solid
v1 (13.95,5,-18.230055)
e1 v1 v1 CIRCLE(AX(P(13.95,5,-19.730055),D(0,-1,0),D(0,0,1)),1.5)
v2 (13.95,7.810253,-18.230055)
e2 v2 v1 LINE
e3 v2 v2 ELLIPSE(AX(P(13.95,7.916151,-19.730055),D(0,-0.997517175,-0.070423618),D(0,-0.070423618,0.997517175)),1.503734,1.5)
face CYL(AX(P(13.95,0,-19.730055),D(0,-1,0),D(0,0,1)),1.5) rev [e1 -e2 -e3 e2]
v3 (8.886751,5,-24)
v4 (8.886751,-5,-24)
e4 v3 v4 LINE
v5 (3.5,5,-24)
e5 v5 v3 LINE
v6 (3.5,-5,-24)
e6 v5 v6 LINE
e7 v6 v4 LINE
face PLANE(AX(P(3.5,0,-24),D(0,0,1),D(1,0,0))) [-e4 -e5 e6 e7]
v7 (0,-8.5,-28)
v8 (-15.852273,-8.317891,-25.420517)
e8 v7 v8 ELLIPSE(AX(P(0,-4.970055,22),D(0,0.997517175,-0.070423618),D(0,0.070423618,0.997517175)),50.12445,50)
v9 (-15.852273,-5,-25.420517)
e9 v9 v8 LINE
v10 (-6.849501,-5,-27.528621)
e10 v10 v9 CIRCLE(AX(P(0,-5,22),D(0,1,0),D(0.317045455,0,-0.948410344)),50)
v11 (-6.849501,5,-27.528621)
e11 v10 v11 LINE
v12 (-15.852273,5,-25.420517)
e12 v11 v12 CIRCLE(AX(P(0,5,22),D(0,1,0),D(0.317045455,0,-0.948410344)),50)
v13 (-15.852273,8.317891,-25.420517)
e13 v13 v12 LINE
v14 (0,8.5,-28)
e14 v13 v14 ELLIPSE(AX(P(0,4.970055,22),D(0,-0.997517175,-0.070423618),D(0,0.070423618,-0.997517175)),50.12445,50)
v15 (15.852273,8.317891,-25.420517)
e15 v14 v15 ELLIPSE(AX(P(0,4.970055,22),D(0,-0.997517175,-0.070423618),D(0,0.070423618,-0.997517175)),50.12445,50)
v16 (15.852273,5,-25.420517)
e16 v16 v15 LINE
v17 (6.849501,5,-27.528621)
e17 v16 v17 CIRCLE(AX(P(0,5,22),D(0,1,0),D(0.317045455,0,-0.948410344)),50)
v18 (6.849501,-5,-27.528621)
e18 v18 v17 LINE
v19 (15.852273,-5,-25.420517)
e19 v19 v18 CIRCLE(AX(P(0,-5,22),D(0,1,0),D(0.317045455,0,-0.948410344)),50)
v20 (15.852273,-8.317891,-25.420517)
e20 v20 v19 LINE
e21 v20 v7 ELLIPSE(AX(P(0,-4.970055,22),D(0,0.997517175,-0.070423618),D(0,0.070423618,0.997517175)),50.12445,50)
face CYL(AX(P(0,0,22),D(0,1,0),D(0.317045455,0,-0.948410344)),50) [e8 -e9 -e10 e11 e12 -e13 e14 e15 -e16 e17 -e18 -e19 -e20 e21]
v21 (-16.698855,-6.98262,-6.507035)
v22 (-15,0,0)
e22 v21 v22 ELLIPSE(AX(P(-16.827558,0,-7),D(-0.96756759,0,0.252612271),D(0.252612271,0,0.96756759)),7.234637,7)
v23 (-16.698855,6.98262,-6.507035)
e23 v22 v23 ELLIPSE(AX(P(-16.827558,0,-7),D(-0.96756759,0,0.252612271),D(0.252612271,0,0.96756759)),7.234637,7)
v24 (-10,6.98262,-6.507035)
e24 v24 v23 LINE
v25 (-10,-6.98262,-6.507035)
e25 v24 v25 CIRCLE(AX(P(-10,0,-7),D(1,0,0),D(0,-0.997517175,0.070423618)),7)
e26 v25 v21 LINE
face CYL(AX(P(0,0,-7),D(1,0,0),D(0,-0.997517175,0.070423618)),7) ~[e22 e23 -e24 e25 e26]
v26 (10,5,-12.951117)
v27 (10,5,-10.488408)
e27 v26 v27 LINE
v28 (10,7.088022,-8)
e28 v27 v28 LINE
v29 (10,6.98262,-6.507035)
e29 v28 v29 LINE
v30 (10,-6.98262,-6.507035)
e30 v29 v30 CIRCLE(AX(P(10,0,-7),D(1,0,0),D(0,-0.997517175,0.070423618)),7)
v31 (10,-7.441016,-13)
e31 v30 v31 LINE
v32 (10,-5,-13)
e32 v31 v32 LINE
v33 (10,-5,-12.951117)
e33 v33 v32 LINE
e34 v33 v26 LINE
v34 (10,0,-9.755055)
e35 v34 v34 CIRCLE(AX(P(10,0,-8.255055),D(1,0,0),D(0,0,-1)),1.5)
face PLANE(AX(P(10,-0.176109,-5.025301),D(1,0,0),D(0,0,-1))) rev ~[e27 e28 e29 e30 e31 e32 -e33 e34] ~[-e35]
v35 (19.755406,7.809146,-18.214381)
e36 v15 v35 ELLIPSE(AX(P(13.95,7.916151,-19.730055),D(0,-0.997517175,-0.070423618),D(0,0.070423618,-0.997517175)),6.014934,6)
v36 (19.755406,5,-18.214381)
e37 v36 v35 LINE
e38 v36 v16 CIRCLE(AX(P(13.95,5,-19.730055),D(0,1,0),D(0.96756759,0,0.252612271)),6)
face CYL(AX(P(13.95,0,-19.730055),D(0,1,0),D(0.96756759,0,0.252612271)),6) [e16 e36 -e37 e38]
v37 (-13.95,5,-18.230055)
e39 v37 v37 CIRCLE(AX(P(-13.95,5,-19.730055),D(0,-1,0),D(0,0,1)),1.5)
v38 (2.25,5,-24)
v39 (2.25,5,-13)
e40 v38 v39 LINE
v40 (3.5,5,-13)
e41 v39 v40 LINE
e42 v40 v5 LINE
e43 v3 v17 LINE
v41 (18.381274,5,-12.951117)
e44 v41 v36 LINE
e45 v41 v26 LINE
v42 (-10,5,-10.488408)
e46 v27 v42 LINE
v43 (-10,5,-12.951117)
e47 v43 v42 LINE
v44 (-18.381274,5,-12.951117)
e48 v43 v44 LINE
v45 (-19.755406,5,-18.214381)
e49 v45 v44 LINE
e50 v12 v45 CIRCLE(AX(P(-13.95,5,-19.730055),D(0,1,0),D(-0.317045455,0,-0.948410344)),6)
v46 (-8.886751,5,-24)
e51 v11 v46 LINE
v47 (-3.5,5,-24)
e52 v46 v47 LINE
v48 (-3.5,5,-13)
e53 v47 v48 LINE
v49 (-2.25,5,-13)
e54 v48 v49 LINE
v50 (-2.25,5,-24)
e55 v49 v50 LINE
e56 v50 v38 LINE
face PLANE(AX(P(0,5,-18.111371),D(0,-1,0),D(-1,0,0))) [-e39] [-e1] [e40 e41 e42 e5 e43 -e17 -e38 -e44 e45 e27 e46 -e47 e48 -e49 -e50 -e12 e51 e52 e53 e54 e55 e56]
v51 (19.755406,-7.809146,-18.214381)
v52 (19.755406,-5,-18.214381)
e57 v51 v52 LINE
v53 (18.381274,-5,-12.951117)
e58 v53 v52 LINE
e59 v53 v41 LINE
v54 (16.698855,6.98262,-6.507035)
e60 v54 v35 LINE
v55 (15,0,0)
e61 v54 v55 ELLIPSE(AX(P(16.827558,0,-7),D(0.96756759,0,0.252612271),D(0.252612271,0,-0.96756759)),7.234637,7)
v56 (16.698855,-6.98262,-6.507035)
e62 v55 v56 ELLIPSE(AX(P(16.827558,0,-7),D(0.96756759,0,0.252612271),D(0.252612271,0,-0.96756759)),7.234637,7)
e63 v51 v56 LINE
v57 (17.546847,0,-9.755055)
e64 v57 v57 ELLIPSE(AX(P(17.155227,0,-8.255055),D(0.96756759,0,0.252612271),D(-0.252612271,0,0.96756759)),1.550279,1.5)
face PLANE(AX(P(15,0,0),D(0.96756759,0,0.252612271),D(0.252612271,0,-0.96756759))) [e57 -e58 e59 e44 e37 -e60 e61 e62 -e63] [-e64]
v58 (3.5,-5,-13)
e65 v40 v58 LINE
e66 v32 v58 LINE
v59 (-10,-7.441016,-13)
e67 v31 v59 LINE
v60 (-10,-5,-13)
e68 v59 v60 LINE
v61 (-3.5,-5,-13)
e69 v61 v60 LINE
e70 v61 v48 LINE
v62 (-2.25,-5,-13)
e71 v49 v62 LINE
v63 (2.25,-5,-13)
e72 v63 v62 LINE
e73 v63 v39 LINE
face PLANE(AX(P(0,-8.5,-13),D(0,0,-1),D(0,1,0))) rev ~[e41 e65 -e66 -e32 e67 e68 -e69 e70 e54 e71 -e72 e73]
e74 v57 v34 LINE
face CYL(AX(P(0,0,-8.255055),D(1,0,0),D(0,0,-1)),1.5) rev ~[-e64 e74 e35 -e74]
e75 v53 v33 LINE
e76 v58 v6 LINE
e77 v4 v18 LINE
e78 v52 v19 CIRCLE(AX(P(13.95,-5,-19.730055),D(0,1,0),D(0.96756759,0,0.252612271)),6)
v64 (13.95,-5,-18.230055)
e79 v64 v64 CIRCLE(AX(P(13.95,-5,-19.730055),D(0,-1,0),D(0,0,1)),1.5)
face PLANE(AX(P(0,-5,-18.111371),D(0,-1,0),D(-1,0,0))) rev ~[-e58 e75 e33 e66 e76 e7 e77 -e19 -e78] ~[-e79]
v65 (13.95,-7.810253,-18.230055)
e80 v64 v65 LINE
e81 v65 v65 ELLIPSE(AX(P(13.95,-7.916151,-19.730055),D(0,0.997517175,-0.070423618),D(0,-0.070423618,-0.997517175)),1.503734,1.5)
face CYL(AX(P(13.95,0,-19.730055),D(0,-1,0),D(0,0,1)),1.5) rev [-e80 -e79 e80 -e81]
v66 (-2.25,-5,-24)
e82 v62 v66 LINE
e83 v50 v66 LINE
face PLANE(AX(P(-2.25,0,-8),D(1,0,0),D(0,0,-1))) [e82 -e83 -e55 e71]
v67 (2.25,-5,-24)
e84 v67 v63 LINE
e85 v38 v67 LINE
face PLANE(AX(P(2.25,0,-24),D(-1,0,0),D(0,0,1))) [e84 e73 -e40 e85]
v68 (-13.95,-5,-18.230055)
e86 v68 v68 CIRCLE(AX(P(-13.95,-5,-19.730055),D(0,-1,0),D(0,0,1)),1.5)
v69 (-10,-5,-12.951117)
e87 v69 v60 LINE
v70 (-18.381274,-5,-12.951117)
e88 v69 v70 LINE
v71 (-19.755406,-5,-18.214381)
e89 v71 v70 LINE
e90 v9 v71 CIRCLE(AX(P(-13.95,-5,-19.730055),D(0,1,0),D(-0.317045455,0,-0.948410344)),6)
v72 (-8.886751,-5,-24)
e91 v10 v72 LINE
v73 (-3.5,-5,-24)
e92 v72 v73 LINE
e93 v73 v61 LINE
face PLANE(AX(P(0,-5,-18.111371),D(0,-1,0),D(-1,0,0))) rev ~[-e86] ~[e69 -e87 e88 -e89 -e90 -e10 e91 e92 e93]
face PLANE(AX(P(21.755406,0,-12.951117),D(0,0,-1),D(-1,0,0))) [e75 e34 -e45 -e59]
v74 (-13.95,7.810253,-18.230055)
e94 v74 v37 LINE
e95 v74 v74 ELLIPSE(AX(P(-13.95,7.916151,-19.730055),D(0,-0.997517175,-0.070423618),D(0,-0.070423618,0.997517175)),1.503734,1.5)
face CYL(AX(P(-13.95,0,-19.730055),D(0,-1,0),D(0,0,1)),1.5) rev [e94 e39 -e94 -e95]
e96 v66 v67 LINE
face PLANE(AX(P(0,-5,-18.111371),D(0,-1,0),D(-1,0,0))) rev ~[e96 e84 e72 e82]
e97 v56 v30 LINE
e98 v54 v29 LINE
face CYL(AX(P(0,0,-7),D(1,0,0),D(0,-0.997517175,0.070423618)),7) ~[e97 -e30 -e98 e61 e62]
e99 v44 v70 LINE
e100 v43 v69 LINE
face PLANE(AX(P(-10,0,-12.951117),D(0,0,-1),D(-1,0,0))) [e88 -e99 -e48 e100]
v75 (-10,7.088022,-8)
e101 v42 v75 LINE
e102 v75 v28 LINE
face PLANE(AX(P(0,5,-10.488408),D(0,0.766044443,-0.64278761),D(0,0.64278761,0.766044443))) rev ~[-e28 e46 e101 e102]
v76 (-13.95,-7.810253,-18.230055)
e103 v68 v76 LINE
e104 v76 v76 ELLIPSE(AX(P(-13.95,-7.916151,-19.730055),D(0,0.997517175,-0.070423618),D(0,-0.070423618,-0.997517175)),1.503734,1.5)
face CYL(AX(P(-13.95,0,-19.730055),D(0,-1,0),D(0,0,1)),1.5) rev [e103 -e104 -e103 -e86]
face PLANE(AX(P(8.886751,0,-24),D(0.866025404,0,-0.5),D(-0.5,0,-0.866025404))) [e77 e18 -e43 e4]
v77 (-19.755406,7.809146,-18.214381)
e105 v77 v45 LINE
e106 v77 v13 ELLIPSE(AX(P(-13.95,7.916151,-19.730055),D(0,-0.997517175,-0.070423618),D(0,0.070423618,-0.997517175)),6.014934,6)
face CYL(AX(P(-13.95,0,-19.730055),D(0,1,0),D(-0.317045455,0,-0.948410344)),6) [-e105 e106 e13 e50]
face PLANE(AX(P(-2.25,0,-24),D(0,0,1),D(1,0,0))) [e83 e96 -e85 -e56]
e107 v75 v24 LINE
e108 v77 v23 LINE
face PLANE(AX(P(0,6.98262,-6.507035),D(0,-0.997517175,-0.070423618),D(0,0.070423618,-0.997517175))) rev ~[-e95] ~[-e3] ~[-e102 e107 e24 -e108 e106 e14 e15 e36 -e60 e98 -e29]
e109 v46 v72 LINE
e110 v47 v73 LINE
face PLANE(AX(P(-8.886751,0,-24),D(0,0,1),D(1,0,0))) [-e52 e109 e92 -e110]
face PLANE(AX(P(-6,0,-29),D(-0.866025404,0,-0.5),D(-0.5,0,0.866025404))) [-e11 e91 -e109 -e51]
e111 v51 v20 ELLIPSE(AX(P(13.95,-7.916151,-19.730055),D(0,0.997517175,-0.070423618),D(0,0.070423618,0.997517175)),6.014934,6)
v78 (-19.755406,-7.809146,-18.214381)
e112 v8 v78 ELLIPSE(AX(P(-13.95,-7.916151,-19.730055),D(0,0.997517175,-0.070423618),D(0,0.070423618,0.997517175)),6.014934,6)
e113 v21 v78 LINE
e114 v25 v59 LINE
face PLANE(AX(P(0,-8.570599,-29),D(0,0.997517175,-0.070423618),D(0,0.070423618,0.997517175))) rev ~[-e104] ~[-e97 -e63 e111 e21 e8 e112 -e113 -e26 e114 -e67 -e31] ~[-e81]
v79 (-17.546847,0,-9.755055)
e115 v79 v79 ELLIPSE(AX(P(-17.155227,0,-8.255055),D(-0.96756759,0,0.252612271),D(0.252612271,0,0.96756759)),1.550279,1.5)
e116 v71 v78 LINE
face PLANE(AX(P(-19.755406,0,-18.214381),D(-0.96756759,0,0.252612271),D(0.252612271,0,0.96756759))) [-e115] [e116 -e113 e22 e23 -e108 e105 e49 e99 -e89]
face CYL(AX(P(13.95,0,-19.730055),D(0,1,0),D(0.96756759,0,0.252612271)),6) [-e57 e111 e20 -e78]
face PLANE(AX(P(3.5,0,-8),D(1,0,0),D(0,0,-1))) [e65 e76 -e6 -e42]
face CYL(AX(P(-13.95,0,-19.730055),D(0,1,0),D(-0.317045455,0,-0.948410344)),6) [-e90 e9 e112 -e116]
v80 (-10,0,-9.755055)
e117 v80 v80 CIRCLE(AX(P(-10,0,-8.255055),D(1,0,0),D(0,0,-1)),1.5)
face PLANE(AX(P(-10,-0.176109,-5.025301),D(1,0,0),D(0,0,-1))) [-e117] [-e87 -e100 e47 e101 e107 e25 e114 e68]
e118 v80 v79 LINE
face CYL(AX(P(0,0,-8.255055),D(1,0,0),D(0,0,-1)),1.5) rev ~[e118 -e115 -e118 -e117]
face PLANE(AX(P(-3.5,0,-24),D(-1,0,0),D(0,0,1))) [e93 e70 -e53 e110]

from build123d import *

# Parameters (mm, degrees)
SKETCH1_R          = 1.5
EXTRUDE1_DEPTH     = 8.5
SKETCH2_R          = 1.5
CUT_EXTRUDE1_DEPTH = 25
CUT_EXTRUDE2_DEPTH = 10
CUT_EXTRUDE3_DEPTH = 5


with BuildPart() as part:
    # Sketch1 → Extrude1 (new, symmetric)
    with BuildSketch(Plane(origin=(0, 0, 0), x_dir=(1, 0, 0), z_dir=(0, 1, 0))):
        with BuildLine():
            Line((-15, 0), (15, 0))
            Line((15, 0), (19.755405538, 18.21438149))
            ThreePointArc((19.755405538, 18.21438149), (19.225810264, 22.587646069), (15.852272727, 25.420517177))
            ThreePointArc((15.852272727, 25.420517177), (0, 28), (-15.852272727, 25.420517177))
            ThreePointArc((-15.852272727, 25.420517177), (-19.225810264, 22.587646069), (-19.755405538, 18.21438149))
            Line((-19.755405538, 18.21438149), (-15, 0))
        make_face()
        with Locations((-13.95, 19.730055116)):
            Circle(SKETCH1_R, mode=Mode.SUBTRACT)
        with Locations((13.95, 19.730055116)):
            Circle(SKETCH1_R, mode=Mode.SUBTRACT)
    extrude(amount=EXTRUDE1_DEPTH, both=True)

    # Sketch2 → Cut-Extrude1 (cut, symmetric)
    with BuildSketch(Plane(origin=(0, 0, 0), x_dir=(0, 0, -1), z_dir=(1, 0, 0))):
        with Locations((8.255055116, 0)):
            Circle(SKETCH2_R)
        with BuildLine():
            Line((6.507034671, 6.982620223), (29, 8.570598903))
            Line((29, 8.570598903), (29, 9.570598903))
            Line((29, 9.570598903), (-1, 9.570598903))
            Line((-1, 9.570598903), (-1, -9.570598903))
            Line((-1, -9.570598903), (29, -9.570598903))
            Line((29, -9.570598903), (29, -8.570598903))
            Line((29, -8.570598903), (6.507034671, -6.982620223))
            ThreePointArc((6.507034671, -6.982620223), (0, 0), (6.507034671, 6.982620223))
        make_face()
    extrude(amount=CUT_EXTRUDE1_DEPTH, both=True, mode=Mode.SUBTRACT)

    # Sketch4 → Cut-Extrude2 (cut, symmetric)
    with BuildSketch(Plane(origin=(0, 0, 0), x_dir=(0, 0, -1), z_dir=(1, 0, 0))):
        Polygon((-2, -8.5), (13, -8.5), (13, 5), (10.488407646, 5), (5.125516479, 9.5), (-2, 9.5), align=None)
    extrude(amount=CUT_EXTRUDE2_DEPTH, both=True, mode=Mode.SUBTRACT)

    # Sketch7 → Cut-Extrude3 (cut, symmetric)
    with BuildSketch(Plane(origin=(0, 0, 0), x_dir=(1, 0, 0), z_dir=(0, 1, 0))):
        Polygon((-10, 6.507034671), (-10, 12.951116752), (-21.755405538, 12.951116752), (-21.755405538, 29), (-6, 29), (-8.886751346, 24), (-3.5, 24), (-3.5, 8), (-2.25, 8), (-2.25, 24), (2.25, 24), (2.25, 8), (3.5, 8), (3.5, 24), (8.886751346, 24), (6, 29), (21.755405538, 29), (21.755405538, 12.951116752), (10, 12.951116752), (10, 6.507034671), align=None)
    extrude(amount=CUT_EXTRUDE3_DEPTH, both=True, mode=Mode.SUBTRACT)


solid = part.part
